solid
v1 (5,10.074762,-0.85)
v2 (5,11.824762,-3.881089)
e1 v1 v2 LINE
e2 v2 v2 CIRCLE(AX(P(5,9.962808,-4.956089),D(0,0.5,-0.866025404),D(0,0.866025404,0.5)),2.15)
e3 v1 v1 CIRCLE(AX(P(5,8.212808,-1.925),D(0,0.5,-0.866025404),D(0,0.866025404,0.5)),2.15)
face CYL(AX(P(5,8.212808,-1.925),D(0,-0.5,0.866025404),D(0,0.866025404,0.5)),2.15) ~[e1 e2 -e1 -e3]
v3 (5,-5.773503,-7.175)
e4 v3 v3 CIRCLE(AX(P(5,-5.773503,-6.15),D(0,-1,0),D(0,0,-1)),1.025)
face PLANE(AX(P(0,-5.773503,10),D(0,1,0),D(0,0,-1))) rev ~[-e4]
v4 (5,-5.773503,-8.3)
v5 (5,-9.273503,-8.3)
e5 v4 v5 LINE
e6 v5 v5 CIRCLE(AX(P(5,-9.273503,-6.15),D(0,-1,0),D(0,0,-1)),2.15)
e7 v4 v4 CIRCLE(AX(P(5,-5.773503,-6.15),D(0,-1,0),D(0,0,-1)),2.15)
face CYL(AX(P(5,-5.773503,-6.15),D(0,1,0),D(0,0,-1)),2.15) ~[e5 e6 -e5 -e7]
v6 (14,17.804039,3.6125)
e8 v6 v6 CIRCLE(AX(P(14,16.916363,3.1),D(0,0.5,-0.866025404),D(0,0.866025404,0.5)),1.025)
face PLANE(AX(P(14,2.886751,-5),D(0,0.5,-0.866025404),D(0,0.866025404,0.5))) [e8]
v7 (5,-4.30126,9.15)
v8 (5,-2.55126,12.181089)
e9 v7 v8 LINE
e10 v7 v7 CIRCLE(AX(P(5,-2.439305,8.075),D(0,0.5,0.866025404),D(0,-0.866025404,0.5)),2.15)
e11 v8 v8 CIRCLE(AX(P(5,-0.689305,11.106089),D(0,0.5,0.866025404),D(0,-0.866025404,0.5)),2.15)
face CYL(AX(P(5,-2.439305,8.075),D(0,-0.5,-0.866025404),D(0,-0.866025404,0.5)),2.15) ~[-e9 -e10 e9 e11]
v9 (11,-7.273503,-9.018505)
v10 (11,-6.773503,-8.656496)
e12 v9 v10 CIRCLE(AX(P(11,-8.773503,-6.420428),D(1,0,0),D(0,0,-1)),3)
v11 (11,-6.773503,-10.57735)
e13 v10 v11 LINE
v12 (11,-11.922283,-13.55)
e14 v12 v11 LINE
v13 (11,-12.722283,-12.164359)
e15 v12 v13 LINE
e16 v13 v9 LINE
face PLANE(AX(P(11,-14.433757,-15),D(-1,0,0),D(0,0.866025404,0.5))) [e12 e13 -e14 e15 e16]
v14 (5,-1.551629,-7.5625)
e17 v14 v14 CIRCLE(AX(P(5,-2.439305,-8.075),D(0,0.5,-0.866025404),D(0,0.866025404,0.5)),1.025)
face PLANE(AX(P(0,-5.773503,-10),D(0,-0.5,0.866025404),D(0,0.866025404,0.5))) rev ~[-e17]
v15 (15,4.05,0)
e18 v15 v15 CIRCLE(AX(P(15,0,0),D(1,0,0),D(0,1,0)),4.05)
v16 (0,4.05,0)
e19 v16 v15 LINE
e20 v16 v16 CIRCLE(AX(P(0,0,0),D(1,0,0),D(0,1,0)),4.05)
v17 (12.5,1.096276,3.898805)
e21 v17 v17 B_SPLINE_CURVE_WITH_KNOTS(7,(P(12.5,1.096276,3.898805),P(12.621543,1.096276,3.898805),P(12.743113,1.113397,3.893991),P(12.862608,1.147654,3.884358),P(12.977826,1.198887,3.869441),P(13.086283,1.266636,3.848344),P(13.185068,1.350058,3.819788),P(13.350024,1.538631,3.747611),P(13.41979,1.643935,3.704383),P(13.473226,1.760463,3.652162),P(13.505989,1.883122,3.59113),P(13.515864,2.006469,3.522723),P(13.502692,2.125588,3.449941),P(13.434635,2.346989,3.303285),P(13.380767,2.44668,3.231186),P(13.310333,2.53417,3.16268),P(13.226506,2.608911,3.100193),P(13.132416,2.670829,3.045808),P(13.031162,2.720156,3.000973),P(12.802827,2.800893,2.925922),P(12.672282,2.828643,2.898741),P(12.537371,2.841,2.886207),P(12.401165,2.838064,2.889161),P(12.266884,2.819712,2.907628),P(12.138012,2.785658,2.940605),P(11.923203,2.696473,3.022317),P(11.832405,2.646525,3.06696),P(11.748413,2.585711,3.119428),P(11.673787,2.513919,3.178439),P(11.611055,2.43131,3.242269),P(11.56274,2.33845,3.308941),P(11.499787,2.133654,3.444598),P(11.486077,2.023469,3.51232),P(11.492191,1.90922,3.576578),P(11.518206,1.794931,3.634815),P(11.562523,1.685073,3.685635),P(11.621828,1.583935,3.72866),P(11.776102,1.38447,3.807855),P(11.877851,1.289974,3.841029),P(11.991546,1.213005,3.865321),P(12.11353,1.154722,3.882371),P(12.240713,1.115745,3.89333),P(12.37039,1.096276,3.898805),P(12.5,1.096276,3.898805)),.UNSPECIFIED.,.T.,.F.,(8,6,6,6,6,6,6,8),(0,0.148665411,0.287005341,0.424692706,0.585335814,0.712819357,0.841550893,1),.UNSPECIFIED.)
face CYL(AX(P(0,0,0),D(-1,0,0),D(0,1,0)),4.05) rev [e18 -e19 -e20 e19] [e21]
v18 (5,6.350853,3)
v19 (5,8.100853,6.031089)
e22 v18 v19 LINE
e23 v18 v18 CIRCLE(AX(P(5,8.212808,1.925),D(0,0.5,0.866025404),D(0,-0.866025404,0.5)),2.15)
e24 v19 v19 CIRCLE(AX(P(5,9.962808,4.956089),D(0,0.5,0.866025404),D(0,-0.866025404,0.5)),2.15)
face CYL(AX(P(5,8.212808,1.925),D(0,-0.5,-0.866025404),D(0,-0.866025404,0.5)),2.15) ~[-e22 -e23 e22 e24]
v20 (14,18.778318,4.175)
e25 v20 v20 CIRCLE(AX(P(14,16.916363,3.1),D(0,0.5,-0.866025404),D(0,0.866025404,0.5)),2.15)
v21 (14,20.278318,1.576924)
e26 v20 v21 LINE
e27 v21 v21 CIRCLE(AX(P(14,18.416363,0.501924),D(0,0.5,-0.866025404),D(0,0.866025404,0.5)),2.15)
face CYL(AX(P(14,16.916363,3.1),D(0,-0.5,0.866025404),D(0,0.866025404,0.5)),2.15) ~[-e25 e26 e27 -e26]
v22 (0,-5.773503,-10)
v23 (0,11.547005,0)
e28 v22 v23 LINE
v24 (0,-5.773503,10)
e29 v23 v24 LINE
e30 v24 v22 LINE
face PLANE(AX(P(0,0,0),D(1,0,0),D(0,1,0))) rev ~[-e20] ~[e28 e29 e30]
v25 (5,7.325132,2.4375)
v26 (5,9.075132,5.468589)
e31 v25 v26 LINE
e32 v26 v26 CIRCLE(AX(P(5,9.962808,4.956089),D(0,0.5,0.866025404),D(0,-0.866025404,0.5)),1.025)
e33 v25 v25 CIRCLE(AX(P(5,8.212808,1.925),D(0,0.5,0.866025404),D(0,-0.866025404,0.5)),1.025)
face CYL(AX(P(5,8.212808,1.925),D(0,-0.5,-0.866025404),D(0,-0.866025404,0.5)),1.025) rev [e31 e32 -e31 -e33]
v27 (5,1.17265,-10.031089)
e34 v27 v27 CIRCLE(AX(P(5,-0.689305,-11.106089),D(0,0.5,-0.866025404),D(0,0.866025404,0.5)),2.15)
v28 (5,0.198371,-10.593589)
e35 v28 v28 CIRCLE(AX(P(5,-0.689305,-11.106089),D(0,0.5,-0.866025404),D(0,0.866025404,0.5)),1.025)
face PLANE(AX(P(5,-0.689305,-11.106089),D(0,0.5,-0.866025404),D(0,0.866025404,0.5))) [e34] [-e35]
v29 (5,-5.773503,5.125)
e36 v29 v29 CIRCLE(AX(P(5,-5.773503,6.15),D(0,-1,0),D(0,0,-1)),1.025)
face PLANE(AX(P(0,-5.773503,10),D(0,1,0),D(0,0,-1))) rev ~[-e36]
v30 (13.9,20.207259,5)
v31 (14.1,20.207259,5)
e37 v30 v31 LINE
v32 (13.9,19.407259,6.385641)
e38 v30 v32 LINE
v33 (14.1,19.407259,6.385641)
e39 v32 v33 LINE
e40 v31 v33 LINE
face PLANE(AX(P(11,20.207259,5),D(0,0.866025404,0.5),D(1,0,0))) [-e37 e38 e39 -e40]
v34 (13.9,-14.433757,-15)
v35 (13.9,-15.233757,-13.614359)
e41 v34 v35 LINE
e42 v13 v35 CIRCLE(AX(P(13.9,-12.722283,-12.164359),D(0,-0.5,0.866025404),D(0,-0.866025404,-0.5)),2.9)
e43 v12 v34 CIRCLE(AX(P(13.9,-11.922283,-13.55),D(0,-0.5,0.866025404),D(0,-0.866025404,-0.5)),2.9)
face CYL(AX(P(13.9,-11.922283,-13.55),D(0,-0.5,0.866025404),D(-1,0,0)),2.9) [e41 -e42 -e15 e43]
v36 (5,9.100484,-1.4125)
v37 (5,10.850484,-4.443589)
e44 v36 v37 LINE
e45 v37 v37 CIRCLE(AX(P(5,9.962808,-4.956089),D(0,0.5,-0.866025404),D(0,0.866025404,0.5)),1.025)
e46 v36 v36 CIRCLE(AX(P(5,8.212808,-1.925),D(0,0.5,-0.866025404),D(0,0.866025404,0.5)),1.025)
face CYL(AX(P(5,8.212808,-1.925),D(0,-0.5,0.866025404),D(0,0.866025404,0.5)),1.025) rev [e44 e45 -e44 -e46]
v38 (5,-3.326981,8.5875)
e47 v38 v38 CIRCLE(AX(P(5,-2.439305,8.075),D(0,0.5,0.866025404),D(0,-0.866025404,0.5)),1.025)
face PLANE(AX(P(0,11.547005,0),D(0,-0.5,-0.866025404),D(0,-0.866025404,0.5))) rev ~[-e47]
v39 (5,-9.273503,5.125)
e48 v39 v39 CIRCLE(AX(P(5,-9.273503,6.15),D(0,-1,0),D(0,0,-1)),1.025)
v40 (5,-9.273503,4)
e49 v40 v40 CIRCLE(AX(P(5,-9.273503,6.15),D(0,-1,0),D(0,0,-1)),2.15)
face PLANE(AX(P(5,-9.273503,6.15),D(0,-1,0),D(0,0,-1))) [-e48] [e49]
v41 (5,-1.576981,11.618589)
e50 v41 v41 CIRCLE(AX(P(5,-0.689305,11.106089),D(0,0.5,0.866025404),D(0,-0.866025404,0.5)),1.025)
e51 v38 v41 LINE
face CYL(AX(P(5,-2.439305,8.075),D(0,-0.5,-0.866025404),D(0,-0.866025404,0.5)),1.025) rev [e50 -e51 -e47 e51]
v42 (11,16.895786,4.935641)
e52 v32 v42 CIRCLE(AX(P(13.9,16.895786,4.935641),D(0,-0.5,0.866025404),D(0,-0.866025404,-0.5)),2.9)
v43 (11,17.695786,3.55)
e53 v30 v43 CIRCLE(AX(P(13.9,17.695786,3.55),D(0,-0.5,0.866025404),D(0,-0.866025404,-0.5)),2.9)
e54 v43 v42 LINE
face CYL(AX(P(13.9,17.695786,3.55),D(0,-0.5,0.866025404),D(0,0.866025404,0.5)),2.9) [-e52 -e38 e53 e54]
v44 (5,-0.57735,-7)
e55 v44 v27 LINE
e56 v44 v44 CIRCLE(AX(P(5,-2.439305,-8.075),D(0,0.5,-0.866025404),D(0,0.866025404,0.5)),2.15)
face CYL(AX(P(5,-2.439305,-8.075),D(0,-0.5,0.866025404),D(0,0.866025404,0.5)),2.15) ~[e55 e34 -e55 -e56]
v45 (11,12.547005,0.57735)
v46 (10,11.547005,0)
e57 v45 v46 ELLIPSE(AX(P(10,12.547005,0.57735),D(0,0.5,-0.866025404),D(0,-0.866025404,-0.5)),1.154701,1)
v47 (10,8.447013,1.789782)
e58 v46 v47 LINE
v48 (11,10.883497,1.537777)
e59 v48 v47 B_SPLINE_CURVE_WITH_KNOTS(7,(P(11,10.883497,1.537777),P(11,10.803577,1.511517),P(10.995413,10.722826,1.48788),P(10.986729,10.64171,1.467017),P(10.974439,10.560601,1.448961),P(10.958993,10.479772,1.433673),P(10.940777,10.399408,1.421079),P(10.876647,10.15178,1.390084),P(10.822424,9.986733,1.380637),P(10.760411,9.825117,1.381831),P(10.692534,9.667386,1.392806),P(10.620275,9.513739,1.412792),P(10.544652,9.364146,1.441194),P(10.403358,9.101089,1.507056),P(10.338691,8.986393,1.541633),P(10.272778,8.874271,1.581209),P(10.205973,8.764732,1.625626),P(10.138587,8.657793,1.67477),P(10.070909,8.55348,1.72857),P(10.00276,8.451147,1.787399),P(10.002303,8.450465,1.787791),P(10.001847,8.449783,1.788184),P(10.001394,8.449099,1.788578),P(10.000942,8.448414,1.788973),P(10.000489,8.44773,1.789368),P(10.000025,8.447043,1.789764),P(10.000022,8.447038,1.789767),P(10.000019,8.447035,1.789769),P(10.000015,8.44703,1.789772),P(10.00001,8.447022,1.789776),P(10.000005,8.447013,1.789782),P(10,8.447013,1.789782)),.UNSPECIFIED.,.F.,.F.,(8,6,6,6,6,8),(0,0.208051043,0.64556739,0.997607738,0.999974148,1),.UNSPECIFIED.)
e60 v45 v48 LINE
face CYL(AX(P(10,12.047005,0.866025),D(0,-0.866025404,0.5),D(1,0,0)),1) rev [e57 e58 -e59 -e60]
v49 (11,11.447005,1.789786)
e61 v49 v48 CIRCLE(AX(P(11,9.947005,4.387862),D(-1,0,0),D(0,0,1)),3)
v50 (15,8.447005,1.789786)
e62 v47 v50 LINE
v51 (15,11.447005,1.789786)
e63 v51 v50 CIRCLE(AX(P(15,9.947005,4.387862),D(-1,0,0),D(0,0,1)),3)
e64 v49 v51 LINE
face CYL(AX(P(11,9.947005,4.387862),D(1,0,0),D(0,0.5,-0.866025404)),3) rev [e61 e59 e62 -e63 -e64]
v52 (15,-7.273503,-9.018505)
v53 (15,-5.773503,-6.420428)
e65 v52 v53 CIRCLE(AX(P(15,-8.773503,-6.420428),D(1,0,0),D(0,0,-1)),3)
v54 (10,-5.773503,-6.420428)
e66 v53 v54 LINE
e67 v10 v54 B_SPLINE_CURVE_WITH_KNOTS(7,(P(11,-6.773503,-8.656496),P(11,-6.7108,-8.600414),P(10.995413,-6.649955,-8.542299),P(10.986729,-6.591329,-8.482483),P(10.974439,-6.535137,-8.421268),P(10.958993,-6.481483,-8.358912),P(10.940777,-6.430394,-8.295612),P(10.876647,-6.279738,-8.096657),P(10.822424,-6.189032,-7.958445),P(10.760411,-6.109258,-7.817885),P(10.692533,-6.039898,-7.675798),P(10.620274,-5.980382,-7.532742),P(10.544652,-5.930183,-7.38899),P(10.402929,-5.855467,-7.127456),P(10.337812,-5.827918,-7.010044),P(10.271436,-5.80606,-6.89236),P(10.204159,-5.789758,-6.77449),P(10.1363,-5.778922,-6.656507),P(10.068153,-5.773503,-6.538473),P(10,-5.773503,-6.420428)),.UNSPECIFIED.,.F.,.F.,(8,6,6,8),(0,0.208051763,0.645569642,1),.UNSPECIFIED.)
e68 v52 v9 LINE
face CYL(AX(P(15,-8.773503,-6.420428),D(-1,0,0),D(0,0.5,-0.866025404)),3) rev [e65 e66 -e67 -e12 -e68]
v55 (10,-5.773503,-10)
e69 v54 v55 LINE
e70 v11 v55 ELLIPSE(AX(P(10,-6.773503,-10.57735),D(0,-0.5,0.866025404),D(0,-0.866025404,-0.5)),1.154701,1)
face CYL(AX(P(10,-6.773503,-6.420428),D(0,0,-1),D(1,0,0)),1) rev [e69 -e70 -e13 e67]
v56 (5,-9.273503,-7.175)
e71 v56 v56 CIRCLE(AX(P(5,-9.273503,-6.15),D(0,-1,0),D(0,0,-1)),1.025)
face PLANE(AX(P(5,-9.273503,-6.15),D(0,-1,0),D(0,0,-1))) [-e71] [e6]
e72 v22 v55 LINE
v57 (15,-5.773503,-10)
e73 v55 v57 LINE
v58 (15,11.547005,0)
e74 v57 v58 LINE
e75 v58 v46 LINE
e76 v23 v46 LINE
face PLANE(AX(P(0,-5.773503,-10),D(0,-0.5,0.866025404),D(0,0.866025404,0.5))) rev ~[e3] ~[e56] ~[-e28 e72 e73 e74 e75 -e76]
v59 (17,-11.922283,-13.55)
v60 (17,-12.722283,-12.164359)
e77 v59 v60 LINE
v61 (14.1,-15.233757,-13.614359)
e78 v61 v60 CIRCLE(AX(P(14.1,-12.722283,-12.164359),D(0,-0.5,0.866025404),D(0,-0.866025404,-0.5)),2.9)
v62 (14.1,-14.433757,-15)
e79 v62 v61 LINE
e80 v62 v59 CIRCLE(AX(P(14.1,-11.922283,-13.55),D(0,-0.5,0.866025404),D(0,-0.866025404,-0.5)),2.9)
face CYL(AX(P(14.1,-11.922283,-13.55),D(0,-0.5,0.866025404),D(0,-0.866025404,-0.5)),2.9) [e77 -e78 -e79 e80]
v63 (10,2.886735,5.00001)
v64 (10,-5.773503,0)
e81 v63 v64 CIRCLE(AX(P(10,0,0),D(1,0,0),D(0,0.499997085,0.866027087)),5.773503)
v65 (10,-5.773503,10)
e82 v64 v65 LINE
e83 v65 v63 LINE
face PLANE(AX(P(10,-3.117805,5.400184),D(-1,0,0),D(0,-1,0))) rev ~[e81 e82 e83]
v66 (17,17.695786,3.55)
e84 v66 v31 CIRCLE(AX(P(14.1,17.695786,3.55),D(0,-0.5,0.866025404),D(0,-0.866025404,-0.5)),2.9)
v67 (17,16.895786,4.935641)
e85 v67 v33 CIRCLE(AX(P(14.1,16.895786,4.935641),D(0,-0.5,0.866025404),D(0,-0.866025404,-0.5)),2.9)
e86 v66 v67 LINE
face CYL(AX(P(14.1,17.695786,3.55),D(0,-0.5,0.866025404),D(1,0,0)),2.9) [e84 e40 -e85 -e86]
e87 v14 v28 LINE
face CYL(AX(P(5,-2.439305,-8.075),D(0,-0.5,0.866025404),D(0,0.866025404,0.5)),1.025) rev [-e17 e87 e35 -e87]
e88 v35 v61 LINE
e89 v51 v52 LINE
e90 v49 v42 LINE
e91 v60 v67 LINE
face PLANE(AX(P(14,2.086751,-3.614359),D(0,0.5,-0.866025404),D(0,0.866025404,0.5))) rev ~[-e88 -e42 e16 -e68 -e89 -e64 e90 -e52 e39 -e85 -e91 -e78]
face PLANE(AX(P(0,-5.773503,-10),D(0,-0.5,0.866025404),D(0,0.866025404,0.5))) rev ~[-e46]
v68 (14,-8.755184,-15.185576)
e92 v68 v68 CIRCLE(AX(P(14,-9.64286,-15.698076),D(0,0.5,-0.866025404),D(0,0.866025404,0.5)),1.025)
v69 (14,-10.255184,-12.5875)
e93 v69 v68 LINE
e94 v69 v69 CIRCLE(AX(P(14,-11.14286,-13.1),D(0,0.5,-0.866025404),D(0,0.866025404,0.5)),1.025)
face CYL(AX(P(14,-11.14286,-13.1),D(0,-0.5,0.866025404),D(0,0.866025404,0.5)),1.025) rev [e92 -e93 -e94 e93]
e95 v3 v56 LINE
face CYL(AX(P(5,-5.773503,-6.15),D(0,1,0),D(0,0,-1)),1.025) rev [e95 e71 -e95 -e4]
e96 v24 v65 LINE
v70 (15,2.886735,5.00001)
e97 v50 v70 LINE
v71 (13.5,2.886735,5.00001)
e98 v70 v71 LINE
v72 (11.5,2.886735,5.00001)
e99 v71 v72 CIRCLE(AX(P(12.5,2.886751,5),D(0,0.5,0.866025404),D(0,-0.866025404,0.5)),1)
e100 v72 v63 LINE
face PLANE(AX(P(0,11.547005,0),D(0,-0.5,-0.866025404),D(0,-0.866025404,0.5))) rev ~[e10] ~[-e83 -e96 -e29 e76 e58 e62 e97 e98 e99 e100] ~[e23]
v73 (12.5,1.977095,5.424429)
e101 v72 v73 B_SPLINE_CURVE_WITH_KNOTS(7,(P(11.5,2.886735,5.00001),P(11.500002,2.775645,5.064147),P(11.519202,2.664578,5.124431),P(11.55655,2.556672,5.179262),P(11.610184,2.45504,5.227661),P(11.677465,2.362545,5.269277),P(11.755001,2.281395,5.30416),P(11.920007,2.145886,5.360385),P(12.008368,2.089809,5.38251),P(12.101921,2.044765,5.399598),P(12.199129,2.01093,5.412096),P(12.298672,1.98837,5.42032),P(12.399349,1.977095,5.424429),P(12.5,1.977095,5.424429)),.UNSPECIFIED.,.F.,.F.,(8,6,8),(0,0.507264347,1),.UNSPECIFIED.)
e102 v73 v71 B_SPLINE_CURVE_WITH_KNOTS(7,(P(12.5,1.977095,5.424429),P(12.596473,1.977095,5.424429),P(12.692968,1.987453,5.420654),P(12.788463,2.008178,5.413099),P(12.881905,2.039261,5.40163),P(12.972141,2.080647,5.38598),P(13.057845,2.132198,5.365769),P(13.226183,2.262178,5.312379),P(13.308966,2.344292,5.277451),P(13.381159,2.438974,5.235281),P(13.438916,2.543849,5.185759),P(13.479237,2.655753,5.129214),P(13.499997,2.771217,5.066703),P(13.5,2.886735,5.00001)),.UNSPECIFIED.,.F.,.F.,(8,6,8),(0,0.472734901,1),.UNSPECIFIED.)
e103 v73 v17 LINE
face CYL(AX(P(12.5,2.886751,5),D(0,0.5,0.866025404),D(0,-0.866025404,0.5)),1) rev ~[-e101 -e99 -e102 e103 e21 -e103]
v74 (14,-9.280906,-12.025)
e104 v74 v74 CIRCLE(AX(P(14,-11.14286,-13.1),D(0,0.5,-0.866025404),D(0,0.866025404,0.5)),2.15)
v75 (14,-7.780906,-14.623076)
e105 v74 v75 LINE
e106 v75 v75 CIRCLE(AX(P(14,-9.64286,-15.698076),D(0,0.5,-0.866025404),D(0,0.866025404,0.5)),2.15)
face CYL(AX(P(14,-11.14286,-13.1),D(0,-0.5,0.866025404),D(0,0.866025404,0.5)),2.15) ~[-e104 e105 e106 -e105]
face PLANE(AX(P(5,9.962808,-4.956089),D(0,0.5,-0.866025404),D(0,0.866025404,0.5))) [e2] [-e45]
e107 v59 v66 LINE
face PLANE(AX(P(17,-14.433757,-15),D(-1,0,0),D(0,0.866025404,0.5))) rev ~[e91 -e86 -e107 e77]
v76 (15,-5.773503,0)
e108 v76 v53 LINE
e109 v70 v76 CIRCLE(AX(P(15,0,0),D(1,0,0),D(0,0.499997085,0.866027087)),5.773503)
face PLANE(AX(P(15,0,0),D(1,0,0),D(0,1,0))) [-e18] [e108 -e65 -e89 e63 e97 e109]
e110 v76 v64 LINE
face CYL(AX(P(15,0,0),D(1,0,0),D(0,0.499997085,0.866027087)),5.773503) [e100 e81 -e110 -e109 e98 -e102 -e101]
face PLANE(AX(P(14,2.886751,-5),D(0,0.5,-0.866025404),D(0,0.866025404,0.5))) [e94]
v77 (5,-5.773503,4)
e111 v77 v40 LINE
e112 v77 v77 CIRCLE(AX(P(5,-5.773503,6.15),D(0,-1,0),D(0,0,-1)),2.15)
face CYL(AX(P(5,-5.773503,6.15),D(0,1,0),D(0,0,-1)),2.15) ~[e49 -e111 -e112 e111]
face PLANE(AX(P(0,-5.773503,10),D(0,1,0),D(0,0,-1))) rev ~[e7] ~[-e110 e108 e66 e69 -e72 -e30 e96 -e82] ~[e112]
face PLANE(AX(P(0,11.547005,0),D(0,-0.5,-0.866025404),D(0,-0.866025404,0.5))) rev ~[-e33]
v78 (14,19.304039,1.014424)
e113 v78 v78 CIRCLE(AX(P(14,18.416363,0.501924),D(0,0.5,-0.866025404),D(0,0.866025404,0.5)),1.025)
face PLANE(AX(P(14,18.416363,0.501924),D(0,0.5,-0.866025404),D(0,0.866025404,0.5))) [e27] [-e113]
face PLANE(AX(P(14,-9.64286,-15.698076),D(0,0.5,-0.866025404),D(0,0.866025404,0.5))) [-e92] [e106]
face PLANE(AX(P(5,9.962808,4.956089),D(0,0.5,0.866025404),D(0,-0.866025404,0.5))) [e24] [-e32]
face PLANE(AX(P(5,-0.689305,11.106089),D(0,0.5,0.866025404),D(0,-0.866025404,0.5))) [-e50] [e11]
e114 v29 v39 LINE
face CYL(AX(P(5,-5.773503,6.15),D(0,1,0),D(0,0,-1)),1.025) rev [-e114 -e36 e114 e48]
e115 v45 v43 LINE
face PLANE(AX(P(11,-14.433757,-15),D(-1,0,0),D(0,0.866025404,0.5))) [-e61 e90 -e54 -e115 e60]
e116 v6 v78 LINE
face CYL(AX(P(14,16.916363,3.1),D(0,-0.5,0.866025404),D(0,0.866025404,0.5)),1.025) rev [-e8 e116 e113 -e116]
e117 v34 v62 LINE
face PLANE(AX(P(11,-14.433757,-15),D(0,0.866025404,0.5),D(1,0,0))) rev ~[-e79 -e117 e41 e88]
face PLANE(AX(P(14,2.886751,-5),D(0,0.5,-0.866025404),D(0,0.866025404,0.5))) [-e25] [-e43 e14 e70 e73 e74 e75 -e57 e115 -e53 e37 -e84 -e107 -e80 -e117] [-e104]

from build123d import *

# Parameters (mm, degrees)
SKETCH_R           = 4.05
PAD_DEPTH          = 15
SKETCH001_R        = 2.15
SKETCH001_R_2      = 1.025
PAD001_DEPTH       = 3.5
POLARPATTERN_COUNT = 3
POLARPATTERN_ANGLE = 240
SKETCH002_R        = 1
POCKET_DEPTH       = 5
SKETCH003_W        = 40
SKETCH003_H        = 6
PAD002_DEPTH       = 1.6
SKETCH004_R        = 2.15
SKETCH004_R_2      = 1.025
PAD003_DEPTH       = 3
POCKET001_DEPTH    = 5
FILLET_R           = 3
FILLET001_R        = 2.9
FILLET002_R        = 1
FILLET003_R        = 1


with BuildPart() as part:
    # Sketch → Pad (new body)
    with BuildSketch(Plane.YZ):
        Polygon((-5.7735026919, 10), (-5.7735026919, -10), (11.5470053838, 0), align=None)
        Circle(SKETCH_R, mode=Mode.SUBTRACT)
    extrude(amount=PAD_DEPTH)

    # Sketch001 (on Face1 of Pad) → Pad001 (join)
    with BuildSketch(Plane(origin=(0, -5.7735026919, 0), x_dir=(0, 0, -1), z_dir=(0, -1, 0))):
        with Locations((6.15, 5)):
            Circle(SKETCH001_R)
        with Locations((6.15, 5)):
            Circle(SKETCH001_R_2, mode=Mode.SUBTRACT)
        with Locations((-6.15, 5)):
            Circle(SKETCH001_R)
        with Locations((-6.15, 5)):
            Circle(SKETCH001_R_2, mode=Mode.SUBTRACT)
    pad001 = extrude(amount=PAD001_DEPTH)

    # PolarPattern: Pad001 ×3 about axis
    polarpattern_axis = Axis((0, 0, 0), (1, 0, 0))
    for i in range(1, POLARPATTERN_COUNT):
        add(pad001.rotate(polarpattern_axis, i * POLARPATTERN_ANGLE / (POLARPATTERN_COUNT - 1)))

    # Sketch002 (on Face2 of PolarPattern) → Pocket (cut)
    with BuildSketch(Plane(origin=(0, 2.8867513459, 5), x_dir=(0, -0.8660254038, 0.5), z_dir=(0, 0.5, 0.8660254038))):
        with Locations((0, 12.5)):
            Circle(SKETCH002_R)
    extrude(amount=-POCKET_DEPTH, mode=Mode.SUBTRACT)

    # Sketch003 (on Face5 of Pocket) → Pad002 (join)
    with BuildSketch(Plane(origin=(0, 2.8867513459, -5), x_dir=(0, 0.8660254038, 0.5), z_dir=(0, 0.5, -0.8660254038))):
        with Locations((0, 14)):
            Rectangle(SKETCH003_W, SKETCH003_H)
    extrude(amount=-PAD002_DEPTH)

    # Sketch004 (on Face14 of Pad002) → Pad003 (join)
    with BuildSketch(Plane(origin=(0, 2.8867513459, -5), x_dir=(0, 0.8660254038, 0.5), z_dir=(0, 0.5, -0.8660254038))):
        with Locations((-16.2, 14)):
            Circle(SKETCH004_R)
        with Locations((-16.2, 14)):
            Circle(SKETCH004_R_2, mode=Mode.SUBTRACT)
        with Locations((16.2, 14)):
            Circle(SKETCH004_R)
        with Locations((16.2, 14)):
            Circle(SKETCH004_R_2, mode=Mode.SUBTRACT)
    extrude(amount=PAD003_DEPTH)

    # Sketch005 (on Face6 of Pad003) → Pocket001 (cut)
    with BuildSketch(Plane.YZ.offset(15)):
        with BuildLine():
            Line((-5.7735026919, 0), (-5.7735026919, 10))
            Line((-5.7735026919, 10), (2.8867345187, 5.0000097152))
            ThreePointArc((2.8867345187, 5.0000097152), (-2.8867597595, 4.9999951424), (-5.7735026919, 0))
        make_face()
    extrude(amount=-POCKET001_DEPTH, mode=Mode.SUBTRACT)

    # Fillet
    fillet_edges = [part.edges().sort_by_distance(p)[0] for p in [
        (13, 9.947005, 0.92376),
        (13, -5.773503, -8.152479),
    ]]
    fillet(fillet_edges, radius=FILLET_R)

    # Fillet001
    fillet001_edges = [part.edges().sort_by_distance(p)[0] for p in [
        (17, -14.833757, -14.30718),
        (11, -14.833757, -14.30718),
        (17, 19.807259, 5.69282),
        (11, 19.807259, 5.69282),
    ]]
    fillet(fillet001_edges, radius=FILLET001_R)

    # Fillet002
    fillet002_edges = [part.edges().sort_by_distance(p)[0] for p in [
        (11, -5.773503, -9.07624),
        (11, -5.773503, -7.286454),
    ]]
    fillet(fillet002_edges, radius=FILLET002_R)

    # Fillet003
    fillet003_edges = [part.edges().sort_by_distance(p)[0] for p in [
        (11, 9.197005, 1.356773),
        (11, 10.747005, 0.46188),
    ]]
    fillet(fillet003_edges, radius=FILLET003_R)


solid = part.part
